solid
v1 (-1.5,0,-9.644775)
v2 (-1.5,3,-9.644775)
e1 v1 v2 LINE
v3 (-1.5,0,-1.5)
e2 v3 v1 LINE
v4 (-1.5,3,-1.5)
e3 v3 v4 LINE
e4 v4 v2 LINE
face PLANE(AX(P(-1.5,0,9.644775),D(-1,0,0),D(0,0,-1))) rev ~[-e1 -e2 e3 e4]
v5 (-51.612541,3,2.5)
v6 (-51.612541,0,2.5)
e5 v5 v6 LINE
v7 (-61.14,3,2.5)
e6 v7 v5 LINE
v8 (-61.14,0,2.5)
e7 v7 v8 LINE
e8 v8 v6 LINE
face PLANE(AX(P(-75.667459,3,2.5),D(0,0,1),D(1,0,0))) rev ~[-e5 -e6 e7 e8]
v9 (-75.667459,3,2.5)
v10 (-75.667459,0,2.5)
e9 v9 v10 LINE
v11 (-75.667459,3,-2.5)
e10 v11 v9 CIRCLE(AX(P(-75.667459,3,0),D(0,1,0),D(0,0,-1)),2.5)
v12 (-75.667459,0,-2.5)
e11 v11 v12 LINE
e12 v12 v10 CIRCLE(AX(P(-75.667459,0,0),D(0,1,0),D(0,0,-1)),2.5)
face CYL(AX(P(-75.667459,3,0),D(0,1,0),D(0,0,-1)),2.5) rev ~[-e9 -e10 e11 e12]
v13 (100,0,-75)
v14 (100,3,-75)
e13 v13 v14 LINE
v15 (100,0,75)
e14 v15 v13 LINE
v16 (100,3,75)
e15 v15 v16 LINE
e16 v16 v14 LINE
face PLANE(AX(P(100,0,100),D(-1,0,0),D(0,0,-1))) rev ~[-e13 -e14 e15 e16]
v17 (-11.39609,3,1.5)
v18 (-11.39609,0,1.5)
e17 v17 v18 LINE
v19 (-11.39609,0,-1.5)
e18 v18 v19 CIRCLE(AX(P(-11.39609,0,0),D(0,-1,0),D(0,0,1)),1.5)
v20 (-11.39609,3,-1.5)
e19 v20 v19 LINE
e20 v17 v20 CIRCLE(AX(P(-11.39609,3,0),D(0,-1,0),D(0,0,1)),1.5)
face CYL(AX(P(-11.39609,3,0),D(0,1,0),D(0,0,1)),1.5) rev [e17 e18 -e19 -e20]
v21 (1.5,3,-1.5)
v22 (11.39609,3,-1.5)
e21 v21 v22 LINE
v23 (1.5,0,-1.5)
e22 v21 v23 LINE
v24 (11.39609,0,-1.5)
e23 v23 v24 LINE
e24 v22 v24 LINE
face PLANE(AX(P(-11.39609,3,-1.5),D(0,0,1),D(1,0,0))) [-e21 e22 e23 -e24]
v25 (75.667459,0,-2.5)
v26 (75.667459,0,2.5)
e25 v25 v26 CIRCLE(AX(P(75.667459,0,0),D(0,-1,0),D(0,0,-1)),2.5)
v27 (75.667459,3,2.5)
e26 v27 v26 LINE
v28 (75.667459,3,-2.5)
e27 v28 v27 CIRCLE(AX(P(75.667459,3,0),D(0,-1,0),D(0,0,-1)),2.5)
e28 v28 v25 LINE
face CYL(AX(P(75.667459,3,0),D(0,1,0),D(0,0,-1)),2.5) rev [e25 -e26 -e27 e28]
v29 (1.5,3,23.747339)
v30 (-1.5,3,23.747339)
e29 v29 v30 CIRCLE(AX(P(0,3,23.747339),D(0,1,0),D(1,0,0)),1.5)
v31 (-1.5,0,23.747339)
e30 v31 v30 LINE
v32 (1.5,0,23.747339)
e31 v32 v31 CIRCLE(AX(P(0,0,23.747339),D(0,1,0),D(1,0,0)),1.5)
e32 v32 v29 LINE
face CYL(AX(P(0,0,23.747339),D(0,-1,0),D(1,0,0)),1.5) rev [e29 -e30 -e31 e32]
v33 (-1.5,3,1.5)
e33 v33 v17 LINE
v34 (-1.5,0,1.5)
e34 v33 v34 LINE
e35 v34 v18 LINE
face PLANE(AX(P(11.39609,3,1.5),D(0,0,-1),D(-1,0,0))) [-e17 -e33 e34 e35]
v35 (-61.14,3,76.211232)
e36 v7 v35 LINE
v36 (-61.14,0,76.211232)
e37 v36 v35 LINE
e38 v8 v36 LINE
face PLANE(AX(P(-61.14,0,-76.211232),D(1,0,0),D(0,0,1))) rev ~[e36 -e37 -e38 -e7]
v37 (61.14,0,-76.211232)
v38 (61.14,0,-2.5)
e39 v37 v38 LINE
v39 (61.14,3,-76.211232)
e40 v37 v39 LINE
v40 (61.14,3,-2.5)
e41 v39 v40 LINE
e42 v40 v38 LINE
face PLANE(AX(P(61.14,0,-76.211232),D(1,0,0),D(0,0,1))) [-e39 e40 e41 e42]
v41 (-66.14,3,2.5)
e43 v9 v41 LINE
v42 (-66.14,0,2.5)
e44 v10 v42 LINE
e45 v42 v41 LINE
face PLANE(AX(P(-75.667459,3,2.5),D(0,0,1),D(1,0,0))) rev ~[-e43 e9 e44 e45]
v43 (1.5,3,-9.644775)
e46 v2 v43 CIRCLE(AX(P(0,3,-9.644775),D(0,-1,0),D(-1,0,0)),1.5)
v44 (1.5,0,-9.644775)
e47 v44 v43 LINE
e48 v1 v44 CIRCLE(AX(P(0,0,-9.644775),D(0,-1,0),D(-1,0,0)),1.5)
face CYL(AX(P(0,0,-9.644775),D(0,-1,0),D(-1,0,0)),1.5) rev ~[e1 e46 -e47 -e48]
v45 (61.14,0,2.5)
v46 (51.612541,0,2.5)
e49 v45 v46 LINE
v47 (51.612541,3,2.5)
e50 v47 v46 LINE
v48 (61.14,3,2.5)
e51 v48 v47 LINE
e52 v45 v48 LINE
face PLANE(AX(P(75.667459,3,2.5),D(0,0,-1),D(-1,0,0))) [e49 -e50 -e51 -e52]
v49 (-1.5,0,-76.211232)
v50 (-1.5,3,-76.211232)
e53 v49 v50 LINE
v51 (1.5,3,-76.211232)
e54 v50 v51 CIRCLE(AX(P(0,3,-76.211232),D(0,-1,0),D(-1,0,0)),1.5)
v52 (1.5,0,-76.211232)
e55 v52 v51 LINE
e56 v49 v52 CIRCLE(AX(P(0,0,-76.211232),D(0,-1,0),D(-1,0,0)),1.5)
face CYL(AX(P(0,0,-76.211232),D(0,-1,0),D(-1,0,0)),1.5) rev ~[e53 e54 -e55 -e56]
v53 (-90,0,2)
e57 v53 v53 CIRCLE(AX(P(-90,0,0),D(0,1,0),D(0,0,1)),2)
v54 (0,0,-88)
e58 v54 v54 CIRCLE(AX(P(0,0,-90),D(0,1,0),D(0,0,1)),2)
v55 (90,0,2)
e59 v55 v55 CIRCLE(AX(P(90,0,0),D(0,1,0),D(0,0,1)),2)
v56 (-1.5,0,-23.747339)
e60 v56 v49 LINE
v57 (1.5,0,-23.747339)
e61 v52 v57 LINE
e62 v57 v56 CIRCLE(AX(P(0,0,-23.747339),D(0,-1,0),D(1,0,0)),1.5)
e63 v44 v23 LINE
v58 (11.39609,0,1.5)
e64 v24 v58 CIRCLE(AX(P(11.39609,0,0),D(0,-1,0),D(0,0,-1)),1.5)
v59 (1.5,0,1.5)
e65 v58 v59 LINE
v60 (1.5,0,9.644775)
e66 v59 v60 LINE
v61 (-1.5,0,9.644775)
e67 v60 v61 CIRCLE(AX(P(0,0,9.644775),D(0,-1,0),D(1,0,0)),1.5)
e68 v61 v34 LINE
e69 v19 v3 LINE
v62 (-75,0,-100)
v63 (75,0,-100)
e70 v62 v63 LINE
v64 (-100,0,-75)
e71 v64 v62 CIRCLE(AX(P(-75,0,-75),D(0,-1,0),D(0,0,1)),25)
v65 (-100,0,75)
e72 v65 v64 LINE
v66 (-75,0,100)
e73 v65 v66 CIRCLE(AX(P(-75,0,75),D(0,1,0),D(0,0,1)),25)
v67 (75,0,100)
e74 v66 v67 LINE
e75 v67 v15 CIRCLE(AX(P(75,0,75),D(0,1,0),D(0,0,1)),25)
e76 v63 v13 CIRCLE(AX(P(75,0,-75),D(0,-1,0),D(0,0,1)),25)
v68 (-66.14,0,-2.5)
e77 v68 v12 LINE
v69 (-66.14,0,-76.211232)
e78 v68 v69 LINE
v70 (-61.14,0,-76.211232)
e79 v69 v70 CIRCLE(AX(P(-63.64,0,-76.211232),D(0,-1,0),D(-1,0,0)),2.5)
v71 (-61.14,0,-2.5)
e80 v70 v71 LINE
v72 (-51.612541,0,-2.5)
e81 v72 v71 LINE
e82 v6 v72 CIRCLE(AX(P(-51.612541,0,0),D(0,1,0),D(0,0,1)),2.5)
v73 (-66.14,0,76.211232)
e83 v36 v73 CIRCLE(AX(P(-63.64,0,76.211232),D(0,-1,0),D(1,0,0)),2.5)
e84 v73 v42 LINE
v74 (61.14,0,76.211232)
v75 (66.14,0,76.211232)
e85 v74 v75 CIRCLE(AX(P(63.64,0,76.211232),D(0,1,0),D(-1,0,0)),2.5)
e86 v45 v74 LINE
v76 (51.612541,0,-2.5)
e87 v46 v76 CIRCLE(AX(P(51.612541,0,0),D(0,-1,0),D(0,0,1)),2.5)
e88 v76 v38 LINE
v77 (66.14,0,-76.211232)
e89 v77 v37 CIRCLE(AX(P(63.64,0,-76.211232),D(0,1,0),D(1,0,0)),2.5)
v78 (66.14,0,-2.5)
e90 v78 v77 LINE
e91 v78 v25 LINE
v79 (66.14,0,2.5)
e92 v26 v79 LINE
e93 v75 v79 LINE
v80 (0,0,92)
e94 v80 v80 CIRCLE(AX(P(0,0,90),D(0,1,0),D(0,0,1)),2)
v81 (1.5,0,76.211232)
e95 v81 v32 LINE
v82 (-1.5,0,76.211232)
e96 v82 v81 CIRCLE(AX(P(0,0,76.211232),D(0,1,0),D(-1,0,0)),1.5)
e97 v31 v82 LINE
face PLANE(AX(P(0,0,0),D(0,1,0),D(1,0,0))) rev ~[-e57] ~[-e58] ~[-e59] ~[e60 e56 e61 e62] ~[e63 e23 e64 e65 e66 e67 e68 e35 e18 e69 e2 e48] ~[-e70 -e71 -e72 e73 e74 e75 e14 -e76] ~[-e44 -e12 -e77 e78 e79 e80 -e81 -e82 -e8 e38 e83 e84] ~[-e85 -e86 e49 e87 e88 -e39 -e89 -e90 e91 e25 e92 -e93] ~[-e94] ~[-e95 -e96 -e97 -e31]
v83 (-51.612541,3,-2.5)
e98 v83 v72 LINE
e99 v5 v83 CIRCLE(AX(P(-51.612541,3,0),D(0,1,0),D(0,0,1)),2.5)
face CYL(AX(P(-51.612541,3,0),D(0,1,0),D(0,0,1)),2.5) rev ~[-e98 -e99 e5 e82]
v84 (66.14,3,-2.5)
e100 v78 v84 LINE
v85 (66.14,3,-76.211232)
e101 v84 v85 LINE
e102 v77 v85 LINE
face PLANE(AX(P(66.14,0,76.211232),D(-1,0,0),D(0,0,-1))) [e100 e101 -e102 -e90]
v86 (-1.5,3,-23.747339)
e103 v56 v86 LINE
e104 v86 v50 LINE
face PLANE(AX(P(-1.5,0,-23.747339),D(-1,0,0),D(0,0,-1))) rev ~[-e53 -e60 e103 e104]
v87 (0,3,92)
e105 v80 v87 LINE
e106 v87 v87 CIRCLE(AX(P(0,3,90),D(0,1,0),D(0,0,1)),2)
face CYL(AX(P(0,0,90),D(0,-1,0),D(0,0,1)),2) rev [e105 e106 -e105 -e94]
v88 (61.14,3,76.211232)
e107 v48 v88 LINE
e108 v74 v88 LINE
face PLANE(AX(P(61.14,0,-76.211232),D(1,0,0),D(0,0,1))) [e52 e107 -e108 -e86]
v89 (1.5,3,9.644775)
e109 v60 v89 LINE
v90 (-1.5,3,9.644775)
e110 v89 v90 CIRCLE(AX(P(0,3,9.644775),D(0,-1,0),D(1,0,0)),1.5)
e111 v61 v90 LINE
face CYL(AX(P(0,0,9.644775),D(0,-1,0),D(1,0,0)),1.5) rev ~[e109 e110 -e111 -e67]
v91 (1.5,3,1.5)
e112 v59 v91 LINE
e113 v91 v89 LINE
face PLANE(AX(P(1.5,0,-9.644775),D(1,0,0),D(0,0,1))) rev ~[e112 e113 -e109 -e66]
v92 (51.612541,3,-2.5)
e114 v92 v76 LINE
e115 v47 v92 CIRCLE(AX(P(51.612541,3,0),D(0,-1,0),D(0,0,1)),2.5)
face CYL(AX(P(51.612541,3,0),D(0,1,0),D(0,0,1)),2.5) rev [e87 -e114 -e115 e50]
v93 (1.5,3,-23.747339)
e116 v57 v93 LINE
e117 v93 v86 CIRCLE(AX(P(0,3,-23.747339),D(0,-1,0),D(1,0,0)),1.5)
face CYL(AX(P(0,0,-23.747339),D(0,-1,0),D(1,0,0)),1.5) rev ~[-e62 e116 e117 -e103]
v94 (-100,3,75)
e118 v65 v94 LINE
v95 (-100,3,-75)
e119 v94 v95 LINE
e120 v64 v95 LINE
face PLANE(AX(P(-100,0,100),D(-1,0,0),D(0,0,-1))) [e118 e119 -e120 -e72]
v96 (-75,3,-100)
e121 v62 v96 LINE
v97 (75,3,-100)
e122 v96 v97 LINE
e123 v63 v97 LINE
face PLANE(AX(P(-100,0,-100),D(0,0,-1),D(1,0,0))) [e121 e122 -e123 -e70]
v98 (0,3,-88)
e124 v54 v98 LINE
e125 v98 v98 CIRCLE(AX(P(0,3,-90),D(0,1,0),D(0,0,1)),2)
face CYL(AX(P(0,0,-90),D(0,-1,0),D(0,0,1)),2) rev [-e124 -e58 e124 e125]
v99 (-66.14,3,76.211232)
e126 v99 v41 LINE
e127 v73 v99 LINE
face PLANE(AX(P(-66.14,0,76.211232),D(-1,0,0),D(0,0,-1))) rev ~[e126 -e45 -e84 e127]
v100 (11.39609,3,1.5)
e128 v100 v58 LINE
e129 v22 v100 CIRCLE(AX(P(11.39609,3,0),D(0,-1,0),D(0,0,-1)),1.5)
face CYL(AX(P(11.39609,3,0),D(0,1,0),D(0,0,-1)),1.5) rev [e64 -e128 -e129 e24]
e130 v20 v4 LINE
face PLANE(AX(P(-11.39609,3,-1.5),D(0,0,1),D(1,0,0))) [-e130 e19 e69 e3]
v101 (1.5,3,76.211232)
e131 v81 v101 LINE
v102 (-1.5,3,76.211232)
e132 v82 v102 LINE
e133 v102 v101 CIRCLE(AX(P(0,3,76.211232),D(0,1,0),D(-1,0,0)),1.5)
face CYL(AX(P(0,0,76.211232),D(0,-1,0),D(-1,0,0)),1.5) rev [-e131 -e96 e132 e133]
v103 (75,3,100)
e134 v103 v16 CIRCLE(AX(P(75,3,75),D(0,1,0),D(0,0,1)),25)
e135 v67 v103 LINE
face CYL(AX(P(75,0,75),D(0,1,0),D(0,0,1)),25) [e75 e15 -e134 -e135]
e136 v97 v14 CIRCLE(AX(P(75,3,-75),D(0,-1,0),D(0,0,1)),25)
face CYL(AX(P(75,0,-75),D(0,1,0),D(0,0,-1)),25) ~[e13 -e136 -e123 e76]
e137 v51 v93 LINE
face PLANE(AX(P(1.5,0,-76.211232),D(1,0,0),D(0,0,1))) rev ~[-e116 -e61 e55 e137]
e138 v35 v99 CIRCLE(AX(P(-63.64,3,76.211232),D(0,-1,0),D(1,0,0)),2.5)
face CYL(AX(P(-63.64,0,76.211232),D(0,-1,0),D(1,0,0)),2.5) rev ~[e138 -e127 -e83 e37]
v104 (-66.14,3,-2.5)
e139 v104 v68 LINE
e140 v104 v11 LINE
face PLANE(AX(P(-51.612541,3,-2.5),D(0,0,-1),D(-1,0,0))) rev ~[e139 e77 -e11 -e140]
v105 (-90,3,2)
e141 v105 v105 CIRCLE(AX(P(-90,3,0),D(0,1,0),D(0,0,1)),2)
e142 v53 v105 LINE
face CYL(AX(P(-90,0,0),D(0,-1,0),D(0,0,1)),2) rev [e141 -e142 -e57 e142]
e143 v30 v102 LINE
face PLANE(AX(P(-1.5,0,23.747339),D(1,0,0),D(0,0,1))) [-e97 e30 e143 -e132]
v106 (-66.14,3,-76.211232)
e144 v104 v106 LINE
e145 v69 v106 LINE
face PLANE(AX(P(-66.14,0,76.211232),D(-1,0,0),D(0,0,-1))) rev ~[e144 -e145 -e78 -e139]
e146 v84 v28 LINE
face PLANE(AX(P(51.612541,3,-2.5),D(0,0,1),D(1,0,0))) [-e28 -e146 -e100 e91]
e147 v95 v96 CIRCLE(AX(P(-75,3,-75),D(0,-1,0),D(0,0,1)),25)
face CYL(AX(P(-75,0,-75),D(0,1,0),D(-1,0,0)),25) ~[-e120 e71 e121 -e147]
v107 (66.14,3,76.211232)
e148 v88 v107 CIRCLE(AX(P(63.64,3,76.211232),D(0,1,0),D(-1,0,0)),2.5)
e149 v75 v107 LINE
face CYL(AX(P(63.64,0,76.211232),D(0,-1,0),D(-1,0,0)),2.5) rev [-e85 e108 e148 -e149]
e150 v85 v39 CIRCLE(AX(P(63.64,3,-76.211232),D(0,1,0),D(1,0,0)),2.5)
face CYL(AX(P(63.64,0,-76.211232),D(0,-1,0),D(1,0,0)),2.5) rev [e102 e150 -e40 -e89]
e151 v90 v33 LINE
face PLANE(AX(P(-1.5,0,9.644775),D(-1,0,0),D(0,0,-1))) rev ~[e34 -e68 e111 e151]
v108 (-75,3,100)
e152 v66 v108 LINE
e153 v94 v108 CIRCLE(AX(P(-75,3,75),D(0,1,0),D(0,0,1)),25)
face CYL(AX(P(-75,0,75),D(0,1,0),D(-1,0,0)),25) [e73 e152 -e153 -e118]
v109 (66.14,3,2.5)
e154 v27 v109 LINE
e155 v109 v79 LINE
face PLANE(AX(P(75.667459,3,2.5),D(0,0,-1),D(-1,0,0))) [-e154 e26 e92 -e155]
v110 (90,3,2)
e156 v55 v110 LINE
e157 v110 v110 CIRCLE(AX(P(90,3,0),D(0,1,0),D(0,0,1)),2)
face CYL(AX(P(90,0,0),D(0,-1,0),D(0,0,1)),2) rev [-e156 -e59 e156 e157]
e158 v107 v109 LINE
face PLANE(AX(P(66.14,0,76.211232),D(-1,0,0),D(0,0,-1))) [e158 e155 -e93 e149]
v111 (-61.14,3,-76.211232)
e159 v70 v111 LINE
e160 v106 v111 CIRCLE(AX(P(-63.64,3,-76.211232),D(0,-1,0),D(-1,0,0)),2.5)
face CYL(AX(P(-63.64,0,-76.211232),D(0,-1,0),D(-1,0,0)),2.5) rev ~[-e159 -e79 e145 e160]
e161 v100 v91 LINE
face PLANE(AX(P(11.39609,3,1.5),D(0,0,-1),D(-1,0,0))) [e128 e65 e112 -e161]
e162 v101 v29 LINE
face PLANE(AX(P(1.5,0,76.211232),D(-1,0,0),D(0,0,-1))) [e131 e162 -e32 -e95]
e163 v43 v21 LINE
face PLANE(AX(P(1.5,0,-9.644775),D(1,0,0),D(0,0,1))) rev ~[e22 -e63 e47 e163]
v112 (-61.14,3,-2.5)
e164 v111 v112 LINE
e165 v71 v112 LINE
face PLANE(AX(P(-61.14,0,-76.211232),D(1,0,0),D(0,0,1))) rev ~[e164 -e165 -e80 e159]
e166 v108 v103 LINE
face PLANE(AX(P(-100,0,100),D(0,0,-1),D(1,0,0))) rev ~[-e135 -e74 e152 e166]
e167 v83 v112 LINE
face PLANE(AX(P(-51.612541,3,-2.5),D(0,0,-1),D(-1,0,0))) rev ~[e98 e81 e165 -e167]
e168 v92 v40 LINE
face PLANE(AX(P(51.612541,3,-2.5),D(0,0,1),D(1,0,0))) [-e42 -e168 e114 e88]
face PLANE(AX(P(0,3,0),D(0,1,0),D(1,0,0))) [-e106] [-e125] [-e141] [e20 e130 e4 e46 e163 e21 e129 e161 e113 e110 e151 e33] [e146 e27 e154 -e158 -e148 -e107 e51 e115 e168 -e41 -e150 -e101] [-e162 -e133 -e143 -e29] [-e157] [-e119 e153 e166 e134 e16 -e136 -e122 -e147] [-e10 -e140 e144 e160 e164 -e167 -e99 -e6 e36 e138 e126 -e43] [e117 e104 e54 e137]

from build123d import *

# Parameters (mm, degrees)
SKETCH_1_W          = 200
SKETCH_1_H          = 200
SKETCH_1_R          = 2
EXTRUDE_1_DEPTH     = 3
FILLET_1_R          = 25
CUT_EXTRUDE_1_DEPTH = 3


with BuildPart() as part:
    # Эскиз1 → Бобышка-Вытянуть1 (new body)
    with BuildSketch(Plane(origin=(0, 0, 0), x_dir=(1, 0, 0), z_dir=(0, 1, 0))):
        Rectangle(SKETCH_1_W, SKETCH_1_H)
        with Locations(Location((-90, 0, 0), (0, 0, 270))):
            Circle(SKETCH_1_R, mode=Mode.SUBTRACT)
        with Locations(Location((0, 90, 0), (0, 0, 270))):
            Circle(SKETCH_1_R, mode=Mode.SUBTRACT)
        with Locations(Location((90, 0, 0), (0, 0, 270))):
            Circle(SKETCH_1_R, mode=Mode.SUBTRACT)
        with Locations(Location((0, -90, 0), (0, 0, 270))):
            Circle(SKETCH_1_R, mode=Mode.SUBTRACT)
        with BuildLine():
            Line((-66.14, -76.211231978), (-66.14, 76.211231978))
            ThreePointArc((-66.14, 76.211231978), (-63.64, 78.711231978), (-61.14, 76.211231978))
            Line((-61.14, 76.211231978), (-61.14, -76.211231978))
            ThreePointArc((-61.14, -76.211231978), (-63.64, -78.711231978), (-66.14, -76.211231978))
        make_face(mode=Mode.SUBTRACT)
        with BuildLine():
            Line((66.14, -76.211231978), (66.14, 76.211231978))
            ThreePointArc((66.14, 76.211231978), (63.64, 78.711231978), (61.14, 76.211231978))
            Line((61.14, 76.211231978), (61.14, -76.211231978))
            ThreePointArc((61.14, -76.211231978), (63.64, -78.711231978), (66.14, -76.211231978))
        make_face(mode=Mode.SUBTRACT)
        with BuildLine():
            Line((1.5, 76.211231978), (1.5, 23.747339046))
            ThreePointArc((1.5, 23.747339046), (0, 22.247339046), (-1.5, 23.747339046))
            Line((-1.5, 23.747339046), (-1.5, 76.211231978))
            ThreePointArc((-1.5, 76.211231978), (0, 77.711231978), (1.5, 76.211231978))
        make_face(mode=Mode.SUBTRACT)
        with BuildLine():
            Line((1.5, -76.211231978), (1.5, -23.747339046))
            ThreePointArc((1.5, -23.747339046), (0, -22.247339046), (-1.5, -23.747339046))
            Line((-1.5, -23.747339046), (-1.5, -76.211231978))
            ThreePointArc((-1.5, -76.211231978), (0, -77.711231978), (1.5, -76.211231978))
        make_face(mode=Mode.SUBTRACT)
        with BuildLine():
            Line((-1.5, -9.644775033), (-1.5, 9.644775033))
            ThreePointArc((-1.5, 9.644775033), (0, 11.144775033), (1.5, 9.644775033))
            Line((1.5, 9.644775033), (1.5, -9.644775033))
            ThreePointArc((1.5, -9.644775033), (0, -11.144775033), (-1.5, -9.644775033))
        make_face(mode=Mode.SUBTRACT)
    extrude(amount=EXTRUDE_1_DEPTH)

    # Скругление1
    fillet_1_edges = [part.edges().sort_by_distance(p)[0] for p in [
        (100, 1.5, 100),
        (-100, 1.5, 100),
        (-100, 1.5, -100),
        (100, 1.5, -100),
    ]]
    fillet(fillet_1_edges, radius=FILLET_1_R)

    # Эскиз2 → Вырез-Вытянуть1 (cut)
    with BuildSketch(Plane(origin=(0, 3, 0), x_dir=(1, 0, 0), z_dir=(0, 1, 0))):
        with BuildLine():
            Line((51.61254098, 2.5), (75.66745902, 2.5))
            ThreePointArc((75.66745902, 2.5), (78.16745902, 0), (75.66745902, -2.5))
            Line((75.66745902, -2.5), (51.61254098, -2.5))
            ThreePointArc((51.61254098, -2.5), (49.11254098, 0), (51.61254098, 2.5))
        make_face()
        with BuildLine():
            Line((-51.61254098, 2.5), (-75.66745902, 2.5))
            ThreePointArc((-75.66745902, 2.5), (-78.16745902, 0), (-75.66745902, -2.5))
            Line((-75.66745902, -2.5), (-51.61254098, -2.5))
            ThreePointArc((-51.61254098, -2.5), (-49.11254098, 0), (-51.61254098, 2.5))
        make_face()
        with BuildLine():
            Line((-11.396089986, 1.5), (11.396089986, 1.5))
            ThreePointArc((11.396089986, 1.5), (12.896089986, 0), (11.396089986, -1.5))
            Line((11.396089986, -1.5), (-11.396089986, -1.5))
            ThreePointArc((-11.396089986, -1.5), (-12.896089986, 0), (-11.396089986, 1.5))
        make_face()
    extrude(amount=-CUT_EXTRUDE_1_DEPTH, mode=Mode.SUBTRACT)


solid = part.part
